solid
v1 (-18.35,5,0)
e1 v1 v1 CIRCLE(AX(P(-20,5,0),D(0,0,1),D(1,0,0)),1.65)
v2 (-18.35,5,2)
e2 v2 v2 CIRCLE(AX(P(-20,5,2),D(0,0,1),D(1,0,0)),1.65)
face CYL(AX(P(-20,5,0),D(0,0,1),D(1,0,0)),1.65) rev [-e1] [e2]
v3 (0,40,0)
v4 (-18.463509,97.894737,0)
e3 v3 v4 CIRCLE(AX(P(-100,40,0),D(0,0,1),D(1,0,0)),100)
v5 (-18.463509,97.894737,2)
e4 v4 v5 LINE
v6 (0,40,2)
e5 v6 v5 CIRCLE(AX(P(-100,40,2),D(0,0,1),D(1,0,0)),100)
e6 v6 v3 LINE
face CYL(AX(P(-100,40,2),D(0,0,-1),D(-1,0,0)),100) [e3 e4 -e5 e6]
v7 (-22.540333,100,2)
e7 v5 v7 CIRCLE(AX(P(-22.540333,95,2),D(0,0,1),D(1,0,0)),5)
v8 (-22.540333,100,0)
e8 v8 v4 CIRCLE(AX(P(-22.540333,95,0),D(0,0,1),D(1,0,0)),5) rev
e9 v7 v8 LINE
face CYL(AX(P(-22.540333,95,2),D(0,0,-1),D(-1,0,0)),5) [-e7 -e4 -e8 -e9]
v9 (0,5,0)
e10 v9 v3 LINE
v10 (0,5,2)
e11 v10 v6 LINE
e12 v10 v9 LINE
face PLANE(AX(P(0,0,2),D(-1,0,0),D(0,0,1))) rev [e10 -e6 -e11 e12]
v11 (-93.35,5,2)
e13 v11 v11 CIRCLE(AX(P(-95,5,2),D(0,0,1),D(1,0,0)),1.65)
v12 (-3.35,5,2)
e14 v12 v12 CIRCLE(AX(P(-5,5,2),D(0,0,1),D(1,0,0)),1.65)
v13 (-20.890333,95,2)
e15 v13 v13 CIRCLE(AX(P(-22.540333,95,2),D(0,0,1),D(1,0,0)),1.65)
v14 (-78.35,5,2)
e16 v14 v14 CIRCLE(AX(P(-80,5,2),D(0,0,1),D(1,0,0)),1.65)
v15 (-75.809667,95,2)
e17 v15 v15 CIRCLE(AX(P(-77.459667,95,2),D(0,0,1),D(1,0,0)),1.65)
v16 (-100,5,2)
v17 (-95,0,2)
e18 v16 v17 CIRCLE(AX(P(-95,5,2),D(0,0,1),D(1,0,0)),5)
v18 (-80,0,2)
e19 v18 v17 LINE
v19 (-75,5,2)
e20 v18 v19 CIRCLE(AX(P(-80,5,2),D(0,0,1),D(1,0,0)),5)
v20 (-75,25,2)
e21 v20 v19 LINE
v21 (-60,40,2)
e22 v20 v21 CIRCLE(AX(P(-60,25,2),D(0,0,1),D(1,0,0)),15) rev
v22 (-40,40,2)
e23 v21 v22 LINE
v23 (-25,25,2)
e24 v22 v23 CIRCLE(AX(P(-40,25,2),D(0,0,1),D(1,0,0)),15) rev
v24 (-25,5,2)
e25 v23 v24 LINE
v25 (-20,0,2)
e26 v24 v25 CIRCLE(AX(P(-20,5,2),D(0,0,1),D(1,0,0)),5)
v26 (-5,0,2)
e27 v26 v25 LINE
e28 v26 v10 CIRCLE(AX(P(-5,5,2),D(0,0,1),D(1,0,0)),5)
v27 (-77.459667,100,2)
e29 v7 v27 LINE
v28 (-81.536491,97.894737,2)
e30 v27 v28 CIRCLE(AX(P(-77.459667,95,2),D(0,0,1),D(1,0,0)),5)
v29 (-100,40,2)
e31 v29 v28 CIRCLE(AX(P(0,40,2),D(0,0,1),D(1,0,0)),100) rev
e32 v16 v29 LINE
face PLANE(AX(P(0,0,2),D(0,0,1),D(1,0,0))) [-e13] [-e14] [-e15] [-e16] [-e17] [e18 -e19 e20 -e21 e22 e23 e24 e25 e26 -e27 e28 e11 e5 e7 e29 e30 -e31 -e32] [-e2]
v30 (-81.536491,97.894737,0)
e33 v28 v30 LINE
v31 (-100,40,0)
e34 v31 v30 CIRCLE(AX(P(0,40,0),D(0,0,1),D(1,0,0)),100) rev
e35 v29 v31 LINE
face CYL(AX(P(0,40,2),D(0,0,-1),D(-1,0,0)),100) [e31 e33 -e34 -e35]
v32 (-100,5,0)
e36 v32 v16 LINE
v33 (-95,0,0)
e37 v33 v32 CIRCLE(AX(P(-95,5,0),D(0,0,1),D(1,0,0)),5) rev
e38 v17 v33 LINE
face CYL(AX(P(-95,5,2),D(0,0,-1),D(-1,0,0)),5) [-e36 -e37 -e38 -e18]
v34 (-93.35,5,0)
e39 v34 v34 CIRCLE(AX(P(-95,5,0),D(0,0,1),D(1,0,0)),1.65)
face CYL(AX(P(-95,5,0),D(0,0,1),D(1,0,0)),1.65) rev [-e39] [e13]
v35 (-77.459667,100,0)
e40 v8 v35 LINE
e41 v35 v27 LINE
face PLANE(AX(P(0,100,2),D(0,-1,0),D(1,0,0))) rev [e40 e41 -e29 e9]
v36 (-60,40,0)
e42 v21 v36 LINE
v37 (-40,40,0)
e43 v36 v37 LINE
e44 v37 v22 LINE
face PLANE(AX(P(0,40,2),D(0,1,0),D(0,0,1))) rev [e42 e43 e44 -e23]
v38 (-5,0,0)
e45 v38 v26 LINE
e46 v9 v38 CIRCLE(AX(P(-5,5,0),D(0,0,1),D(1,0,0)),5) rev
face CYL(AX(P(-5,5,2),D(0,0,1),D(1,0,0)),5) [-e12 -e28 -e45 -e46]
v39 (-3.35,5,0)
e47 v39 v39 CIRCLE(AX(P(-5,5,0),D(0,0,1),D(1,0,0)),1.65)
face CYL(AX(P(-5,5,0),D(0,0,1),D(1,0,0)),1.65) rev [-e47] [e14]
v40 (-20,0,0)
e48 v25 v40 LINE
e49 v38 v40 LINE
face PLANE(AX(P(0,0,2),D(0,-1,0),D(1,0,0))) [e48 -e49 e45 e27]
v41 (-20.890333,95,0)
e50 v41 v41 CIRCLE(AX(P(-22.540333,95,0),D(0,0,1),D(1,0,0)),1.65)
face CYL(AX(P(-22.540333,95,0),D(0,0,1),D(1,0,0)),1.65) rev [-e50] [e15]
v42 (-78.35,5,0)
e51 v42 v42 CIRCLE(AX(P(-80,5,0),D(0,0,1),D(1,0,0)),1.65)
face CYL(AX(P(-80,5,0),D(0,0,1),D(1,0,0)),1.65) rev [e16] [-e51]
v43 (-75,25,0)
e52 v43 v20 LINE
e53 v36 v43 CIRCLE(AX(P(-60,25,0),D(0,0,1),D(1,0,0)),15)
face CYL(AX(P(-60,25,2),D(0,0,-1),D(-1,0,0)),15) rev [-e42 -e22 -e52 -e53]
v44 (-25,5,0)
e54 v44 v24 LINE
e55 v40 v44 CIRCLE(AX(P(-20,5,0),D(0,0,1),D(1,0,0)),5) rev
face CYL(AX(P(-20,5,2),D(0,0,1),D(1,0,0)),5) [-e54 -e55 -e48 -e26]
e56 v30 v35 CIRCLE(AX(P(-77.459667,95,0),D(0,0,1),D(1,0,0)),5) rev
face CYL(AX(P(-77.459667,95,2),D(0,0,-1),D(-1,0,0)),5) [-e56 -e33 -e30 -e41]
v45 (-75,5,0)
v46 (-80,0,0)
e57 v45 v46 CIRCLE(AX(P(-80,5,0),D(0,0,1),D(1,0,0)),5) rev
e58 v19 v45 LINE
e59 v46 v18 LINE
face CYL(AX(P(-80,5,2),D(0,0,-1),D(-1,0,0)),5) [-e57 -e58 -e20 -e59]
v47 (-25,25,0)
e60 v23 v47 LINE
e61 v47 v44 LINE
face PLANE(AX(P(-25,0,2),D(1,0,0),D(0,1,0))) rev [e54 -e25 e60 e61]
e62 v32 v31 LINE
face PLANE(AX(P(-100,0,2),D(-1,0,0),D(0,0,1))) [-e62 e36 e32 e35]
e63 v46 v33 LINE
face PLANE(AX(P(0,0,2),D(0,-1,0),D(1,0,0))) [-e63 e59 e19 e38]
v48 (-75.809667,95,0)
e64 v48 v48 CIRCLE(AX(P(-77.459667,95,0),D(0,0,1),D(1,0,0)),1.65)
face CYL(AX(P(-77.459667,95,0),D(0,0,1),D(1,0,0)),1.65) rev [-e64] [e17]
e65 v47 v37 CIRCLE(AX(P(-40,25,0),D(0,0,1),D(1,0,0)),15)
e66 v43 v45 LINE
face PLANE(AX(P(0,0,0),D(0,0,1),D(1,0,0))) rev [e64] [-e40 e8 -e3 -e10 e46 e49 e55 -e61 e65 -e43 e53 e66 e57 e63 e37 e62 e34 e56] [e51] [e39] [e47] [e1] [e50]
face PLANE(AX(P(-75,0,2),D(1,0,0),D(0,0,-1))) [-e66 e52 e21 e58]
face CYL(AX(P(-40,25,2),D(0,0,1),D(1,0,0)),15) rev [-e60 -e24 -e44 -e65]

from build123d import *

# Parameters (mm, degrees)
SKETCH_1_W          = 25
SKETCH_1_H          = 40
EXTRUDE_1_DEPTH     = 2
FILLET_1_R          = 15
FILLET_2_R          = 5
FILLET_3_R          = 5
SKETCH_2_R          = 1.65
CUT_EXTRUDE_2_DEPTH = 2


with BuildPart() as part:
    # 草图1 → 凸台-拉伸1 (new body)
    with BuildSketch(Plane.XY):
        with BuildLine():
            Line((-25, 40), (0, 40))
            ThreePointArc((0, 40), (-5.131670195, 71.622776602), (-20, 100))
            Line((-20, 100), (-80, 100))
            ThreePointArc((-80, 100), (-94.868329805, 71.622776602), (-100, 40))
            Line((-100, 40), (-75, 40))
            Line((-75, 40), (-25, 40))
        make_face()
        with Locations((-87.5, 20)):
            Rectangle(SKETCH_1_W, SKETCH_1_H)
        with Locations((-12.5, 20)):
            Rectangle(SKETCH_1_W, SKETCH_1_H)
    extrude(amount=EXTRUDE_1_DEPTH)

    # 圆角1
    fillet_1_edges = [part.edges().sort_by_distance(p)[0] for p in [
        (-75, 40, 1),
        (-25, 40, 1),
    ]]
    fillet(fillet_1_edges, radius=FILLET_1_R)

    # 圆角2
    fillet_2_edges = [part.edges().sort_by_distance(p)[0] for p in [
        (-75, 0, 1),
        (-100, 0, 1),
        (0, 0, 1),
        (-25, 0, 1),
    ]]
    fillet(fillet_2_edges, radius=FILLET_2_R)

    # 圆角3
    fillet_3_edges = [part.edges().sort_by_distance(p)[0] for p in [
        (-80, 100, 1),
        (-20, 100, 1),
    ]]
    fillet(fillet_3_edges, radius=FILLET_3_R)

    # 草图2 → 切除-拉伸2 (cut)
    with BuildSketch(Plane.XY.offset(2)):
        with Locations((-77.459666924, 95)):
            Circle(SKETCH_2_R)
        with Locations((-22.540333076, 95)):
            Circle(SKETCH_2_R)
        with Locations((-95, 5)):
            Circle(SKETCH_2_R)
        with Locations((-5, 5)):
            Circle(SKETCH_2_R)
        with Locations((-80, 5)):
            Circle(SKETCH_2_R)
        with Locations((-20, 5)):
            Circle(SKETCH_2_R)
    extrude(amount=-CUT_EXTRUDE_2_DEPTH, mode=Mode.SUBTRACT)


solid = part.part
